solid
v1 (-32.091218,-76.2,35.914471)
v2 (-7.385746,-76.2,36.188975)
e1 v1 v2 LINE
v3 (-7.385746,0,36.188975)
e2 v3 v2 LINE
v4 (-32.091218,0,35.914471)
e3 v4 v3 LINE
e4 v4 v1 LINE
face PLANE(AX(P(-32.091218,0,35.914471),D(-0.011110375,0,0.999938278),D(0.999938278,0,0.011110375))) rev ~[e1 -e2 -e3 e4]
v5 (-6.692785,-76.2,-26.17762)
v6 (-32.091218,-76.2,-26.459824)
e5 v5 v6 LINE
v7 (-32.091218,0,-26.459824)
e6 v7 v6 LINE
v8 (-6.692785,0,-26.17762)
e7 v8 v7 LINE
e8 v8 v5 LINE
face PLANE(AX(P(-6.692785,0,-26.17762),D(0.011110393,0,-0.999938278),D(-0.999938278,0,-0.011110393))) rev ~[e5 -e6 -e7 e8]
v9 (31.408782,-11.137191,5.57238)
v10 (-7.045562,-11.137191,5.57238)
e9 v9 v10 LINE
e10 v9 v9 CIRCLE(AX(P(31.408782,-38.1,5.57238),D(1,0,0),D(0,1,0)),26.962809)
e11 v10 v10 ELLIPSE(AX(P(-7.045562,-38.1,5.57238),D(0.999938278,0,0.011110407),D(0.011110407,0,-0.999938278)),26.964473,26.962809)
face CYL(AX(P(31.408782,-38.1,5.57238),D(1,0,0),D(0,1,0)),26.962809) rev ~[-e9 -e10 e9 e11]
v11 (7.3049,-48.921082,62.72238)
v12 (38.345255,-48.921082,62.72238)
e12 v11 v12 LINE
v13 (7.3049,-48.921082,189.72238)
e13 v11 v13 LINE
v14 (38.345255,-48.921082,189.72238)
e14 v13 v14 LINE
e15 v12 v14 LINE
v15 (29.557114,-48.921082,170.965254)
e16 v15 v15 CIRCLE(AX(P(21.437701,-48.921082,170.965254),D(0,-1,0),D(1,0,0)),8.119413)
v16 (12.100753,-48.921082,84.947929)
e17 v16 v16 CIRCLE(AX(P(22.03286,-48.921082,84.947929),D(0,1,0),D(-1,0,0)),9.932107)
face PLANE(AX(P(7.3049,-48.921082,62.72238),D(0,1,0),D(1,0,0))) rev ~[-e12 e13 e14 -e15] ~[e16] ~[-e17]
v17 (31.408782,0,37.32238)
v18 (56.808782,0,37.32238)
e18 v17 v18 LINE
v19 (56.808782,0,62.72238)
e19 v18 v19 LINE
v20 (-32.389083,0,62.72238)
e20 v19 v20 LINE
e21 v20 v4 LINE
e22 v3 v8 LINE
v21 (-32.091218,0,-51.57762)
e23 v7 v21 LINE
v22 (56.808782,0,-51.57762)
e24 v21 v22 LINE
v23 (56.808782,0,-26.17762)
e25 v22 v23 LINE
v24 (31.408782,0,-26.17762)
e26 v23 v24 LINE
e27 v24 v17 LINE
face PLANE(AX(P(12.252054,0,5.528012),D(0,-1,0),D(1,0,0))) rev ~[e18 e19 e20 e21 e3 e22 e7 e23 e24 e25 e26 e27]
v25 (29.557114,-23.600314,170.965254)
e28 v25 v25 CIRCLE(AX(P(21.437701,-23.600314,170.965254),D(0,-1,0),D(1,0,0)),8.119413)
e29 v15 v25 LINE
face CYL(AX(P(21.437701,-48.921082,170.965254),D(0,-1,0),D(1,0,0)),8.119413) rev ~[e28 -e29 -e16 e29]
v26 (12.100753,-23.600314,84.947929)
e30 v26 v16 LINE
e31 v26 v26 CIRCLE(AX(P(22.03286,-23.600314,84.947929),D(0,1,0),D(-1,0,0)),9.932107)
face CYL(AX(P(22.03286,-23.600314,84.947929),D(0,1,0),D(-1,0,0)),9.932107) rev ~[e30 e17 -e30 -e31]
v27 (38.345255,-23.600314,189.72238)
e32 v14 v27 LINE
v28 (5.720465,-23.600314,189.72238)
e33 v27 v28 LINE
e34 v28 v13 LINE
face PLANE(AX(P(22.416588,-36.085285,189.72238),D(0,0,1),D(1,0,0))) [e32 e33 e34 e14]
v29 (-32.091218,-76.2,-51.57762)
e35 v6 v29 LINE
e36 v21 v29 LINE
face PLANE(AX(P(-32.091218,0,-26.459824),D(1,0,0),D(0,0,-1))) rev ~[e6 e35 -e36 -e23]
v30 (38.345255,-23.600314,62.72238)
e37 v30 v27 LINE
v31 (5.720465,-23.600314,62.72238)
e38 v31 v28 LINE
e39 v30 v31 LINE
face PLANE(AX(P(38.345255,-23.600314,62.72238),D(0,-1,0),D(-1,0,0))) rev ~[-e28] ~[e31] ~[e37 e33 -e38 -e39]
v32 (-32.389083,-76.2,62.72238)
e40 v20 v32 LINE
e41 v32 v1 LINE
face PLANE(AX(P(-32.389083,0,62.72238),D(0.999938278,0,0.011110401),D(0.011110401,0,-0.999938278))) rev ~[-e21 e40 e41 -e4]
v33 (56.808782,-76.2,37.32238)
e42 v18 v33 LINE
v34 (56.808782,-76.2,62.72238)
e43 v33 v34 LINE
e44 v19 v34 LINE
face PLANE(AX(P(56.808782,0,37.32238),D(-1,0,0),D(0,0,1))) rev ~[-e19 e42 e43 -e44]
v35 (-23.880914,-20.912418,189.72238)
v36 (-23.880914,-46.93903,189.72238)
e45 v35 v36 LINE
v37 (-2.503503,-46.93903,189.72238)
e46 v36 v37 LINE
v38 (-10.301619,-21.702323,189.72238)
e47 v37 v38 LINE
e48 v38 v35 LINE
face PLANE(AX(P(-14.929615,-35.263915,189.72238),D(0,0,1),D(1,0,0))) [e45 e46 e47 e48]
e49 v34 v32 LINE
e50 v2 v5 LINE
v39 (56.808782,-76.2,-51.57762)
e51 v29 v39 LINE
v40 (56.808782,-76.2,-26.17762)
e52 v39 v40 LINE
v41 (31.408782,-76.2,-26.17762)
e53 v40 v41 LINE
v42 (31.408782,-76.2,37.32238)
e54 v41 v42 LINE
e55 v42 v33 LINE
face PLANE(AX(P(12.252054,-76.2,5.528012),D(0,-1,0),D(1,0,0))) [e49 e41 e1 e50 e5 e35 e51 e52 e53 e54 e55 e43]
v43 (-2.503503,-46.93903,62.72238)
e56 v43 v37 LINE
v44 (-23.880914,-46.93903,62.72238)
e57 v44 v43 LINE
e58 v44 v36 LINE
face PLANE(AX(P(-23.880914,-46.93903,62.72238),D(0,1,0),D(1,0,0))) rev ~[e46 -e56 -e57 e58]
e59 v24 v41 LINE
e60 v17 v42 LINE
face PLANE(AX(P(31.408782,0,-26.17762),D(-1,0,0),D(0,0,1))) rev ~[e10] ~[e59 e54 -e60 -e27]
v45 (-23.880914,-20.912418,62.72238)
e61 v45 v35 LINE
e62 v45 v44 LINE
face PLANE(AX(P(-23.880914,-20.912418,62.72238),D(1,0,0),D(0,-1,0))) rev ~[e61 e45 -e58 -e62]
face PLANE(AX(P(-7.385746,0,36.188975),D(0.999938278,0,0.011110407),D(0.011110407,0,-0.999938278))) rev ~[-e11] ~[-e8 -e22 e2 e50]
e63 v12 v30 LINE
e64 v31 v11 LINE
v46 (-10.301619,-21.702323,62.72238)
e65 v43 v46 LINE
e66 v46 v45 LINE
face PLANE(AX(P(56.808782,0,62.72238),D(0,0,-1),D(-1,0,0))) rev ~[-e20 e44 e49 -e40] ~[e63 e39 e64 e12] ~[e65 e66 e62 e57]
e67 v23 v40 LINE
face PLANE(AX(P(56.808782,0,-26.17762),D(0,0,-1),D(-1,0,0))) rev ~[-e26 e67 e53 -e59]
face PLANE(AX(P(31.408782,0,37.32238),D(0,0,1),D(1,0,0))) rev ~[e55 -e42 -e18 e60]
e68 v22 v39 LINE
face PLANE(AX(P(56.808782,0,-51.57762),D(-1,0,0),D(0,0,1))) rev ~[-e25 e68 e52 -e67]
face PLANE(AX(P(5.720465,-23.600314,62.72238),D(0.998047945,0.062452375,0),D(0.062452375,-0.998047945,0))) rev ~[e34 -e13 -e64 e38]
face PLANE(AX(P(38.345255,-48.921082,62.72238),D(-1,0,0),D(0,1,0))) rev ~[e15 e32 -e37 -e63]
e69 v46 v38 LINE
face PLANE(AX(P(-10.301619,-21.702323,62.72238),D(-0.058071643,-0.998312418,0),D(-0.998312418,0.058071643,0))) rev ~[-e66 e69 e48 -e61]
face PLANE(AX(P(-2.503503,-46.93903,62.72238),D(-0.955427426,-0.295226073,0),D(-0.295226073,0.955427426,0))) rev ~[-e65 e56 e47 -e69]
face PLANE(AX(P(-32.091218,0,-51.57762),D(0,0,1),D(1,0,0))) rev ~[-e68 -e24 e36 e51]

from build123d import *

# Parameters (mm, degrees)
F1_DEPTH  = 76.2
F2_R      = 26.962809
F3_DEPTH  = 63.798865
F5_DEPTH  = 127
F7_DEPTH  = 127
F8_R      = 8.119413
F9_DEPTH  = 48.922082
F10_R     = 9.932107
F11_DEPTH = 52.600686


with BuildPart() as f1:
    # F0 (on Front) → F1 (new body)
    with BuildSketch(Plane.XZ):
        Polygon((-32.091218, -26.459824), (-32.091218, -51.57762), (56.808782, -51.57762), (56.808782, -26.17762), (31.408782, -26.17762), (31.408782, 37.32238), (56.808782, 37.32238), (56.808782, 62.72238), (-32.389083, 62.72238), (-32.091218, 35.914471), (-7.385746, 36.188975), (-6.692785, -26.17762), align=None)
    extrude(amount=F1_DEPTH)

    # F2 (on face) → F3 (cut, through all)
    with BuildSketch(Plane.YZ.offset(31.408782)):
        with Locations((-38.1, 5.57238)):
            Circle(F2_R)
    extrude(amount=-F3_DEPTH, mode=Mode.SUBTRACT)

    # F4 (on face) → F5 (join)
    with BuildSketch(Plane.XY.offset(62.72238)):
        Polygon((5.720465, -23.600314), (7.3049, -48.921082), (38.345255, -48.921082), (38.345255, -23.600314), align=None)
    extrude(amount=F5_DEPTH)

    # F6 (on face) → F7 (join)
    with BuildSketch(Plane.XY.offset(62.72238)):
        Polygon((-2.503503, -46.93903), (-10.301619, -21.702323), (-23.880914, -20.912418), (-23.880914, -46.93903), align=None)
    extrude(amount=F7_DEPTH)

    # F8 (on face) → F9 (cut, through all)
    with BuildSketch(Plane.XZ.offset(48.921082)):
        with Locations((21.437701, 170.965254)):
            Circle(F8_R)
    extrude(amount=-F9_DEPTH, mode=Mode.SUBTRACT)

    # F10 (on face) → F11 (cut, through all)
    with BuildSketch(Plane(origin=(0, -23.600314, 0), x_dir=(-1, 0, 0), z_dir=(0, 1, 0))):
        with Locations((-22.03286, 84.947929)):
            Circle(F10_R)
    extrude(amount=-F11_DEPTH, mode=Mode.SUBTRACT)


solid = f1.part
